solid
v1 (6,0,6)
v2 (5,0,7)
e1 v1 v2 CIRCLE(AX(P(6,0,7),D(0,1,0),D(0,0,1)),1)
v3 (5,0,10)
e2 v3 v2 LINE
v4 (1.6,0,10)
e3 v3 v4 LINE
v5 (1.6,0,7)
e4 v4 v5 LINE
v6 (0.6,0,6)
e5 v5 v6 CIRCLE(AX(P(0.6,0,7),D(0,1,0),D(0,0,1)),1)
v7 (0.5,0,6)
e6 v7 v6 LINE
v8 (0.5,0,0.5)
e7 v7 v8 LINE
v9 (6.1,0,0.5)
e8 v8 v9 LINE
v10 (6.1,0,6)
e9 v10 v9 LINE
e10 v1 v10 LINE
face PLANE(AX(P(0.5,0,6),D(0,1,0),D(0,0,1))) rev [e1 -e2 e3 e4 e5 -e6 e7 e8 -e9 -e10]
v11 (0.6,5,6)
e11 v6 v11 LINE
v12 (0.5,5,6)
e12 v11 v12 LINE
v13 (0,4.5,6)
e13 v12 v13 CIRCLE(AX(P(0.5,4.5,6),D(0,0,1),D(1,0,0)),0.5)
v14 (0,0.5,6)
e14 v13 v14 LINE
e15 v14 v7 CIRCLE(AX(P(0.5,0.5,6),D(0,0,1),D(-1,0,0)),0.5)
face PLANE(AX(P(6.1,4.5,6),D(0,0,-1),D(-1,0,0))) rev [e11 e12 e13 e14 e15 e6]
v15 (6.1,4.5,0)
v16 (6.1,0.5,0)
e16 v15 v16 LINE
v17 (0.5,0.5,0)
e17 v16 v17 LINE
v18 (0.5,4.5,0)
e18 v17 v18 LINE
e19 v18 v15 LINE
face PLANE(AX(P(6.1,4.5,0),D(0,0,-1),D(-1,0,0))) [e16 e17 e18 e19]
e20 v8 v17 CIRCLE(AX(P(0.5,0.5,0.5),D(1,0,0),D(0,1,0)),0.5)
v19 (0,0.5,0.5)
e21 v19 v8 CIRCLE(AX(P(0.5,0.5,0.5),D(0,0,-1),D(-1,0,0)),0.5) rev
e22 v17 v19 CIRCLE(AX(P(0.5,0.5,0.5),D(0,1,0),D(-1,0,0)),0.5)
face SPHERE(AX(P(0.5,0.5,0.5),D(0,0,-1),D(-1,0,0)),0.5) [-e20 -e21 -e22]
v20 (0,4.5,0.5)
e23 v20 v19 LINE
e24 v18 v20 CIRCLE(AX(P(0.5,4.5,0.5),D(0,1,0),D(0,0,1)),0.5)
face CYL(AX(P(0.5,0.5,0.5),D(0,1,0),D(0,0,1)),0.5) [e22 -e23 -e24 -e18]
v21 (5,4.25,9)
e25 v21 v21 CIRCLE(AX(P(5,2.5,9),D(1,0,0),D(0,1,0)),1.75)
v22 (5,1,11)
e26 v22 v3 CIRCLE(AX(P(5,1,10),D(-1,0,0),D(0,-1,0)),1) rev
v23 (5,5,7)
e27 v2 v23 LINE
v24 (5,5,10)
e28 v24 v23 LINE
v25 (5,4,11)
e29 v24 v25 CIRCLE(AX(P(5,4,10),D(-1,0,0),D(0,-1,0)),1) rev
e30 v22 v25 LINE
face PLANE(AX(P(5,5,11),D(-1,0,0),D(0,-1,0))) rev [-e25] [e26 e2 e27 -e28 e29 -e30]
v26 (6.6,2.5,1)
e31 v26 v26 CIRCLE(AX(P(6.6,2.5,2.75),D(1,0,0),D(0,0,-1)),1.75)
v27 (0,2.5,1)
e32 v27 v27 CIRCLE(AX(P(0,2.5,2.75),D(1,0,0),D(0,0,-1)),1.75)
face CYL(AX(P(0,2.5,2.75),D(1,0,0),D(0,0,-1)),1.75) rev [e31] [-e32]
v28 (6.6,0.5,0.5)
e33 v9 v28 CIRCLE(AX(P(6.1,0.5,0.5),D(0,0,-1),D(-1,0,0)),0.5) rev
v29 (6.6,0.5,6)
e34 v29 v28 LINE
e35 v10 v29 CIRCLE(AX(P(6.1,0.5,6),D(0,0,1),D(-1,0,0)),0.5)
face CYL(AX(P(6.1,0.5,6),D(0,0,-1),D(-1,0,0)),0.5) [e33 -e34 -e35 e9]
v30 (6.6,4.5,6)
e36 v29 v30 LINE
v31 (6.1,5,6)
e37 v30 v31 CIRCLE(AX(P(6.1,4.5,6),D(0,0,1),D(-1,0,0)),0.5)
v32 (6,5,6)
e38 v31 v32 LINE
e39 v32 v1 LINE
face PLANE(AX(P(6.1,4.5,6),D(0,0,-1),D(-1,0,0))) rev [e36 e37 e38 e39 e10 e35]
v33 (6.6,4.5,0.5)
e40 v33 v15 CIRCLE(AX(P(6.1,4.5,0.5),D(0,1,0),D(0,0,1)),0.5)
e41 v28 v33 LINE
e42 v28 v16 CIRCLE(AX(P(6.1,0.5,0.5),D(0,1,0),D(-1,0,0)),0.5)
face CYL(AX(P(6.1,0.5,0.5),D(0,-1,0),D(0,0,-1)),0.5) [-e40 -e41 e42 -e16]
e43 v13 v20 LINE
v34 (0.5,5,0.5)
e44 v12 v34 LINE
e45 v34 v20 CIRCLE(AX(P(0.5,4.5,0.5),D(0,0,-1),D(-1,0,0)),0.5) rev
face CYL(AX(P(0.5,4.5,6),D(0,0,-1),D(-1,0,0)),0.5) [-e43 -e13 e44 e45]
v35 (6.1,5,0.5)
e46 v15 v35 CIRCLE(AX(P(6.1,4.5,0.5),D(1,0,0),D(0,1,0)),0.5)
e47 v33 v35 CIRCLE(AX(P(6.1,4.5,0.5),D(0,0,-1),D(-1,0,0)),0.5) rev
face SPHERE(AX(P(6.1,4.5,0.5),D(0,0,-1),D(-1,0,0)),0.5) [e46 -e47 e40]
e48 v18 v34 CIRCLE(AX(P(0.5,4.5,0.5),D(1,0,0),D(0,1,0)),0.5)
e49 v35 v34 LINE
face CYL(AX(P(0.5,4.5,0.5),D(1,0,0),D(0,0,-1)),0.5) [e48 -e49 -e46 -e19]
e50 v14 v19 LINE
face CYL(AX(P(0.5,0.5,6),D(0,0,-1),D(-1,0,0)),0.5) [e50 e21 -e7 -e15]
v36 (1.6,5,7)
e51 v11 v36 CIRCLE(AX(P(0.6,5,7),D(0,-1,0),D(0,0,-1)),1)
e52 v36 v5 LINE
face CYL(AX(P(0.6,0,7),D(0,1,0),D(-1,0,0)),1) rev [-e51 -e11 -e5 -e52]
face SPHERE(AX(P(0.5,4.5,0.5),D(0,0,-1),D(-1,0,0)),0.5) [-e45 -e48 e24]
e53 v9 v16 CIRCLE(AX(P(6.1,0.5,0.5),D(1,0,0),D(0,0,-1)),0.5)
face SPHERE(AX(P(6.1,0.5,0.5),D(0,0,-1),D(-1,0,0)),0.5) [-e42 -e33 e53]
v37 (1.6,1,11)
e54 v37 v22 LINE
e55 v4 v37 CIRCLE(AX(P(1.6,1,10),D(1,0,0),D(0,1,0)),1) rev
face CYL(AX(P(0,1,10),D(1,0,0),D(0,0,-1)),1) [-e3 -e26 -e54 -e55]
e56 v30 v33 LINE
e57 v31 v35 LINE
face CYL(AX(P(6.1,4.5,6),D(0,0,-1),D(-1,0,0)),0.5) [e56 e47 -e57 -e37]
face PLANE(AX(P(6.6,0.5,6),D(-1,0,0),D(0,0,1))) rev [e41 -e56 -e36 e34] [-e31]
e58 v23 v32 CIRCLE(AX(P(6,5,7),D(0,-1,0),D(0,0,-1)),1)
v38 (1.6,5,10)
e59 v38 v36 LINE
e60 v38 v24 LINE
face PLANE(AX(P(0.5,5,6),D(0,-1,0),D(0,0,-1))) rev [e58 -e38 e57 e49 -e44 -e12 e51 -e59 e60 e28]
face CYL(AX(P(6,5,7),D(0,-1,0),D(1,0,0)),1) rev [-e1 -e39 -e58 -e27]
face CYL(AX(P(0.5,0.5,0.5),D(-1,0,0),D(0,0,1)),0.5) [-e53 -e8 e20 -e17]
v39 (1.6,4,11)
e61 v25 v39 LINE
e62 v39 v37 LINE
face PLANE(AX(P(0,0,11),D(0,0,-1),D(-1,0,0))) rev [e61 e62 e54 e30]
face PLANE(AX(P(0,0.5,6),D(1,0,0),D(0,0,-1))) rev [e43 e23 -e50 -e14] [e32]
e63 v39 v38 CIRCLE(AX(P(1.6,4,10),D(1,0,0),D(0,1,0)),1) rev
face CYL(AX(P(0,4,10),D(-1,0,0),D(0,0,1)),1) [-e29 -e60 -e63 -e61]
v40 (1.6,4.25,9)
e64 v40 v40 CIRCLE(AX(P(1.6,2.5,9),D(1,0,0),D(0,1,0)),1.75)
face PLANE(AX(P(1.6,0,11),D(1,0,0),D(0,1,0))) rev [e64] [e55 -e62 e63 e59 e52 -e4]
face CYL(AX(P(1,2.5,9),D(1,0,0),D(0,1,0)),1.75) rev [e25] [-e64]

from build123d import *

# Parameters (mm, degrees)
BOSS_EXTRUDE1_DEPTH = 6
SKETCH2_R           = 1.75
CUT_EXTRUDE1_DEPTH  = 6.6
FILLET1_R           = 0.5
SKETCH3_W           = 3.4
SKETCH3_H           = 5
BOSS_EXTRUDE2_DEPTH = 5
FILLET2_R           = 1
SKETCH5_R           = 1.75
CUT_EXTRUDE2_DEPTH  = 4
FILLET3_R           = 1


with BuildPart() as part:
    # Sketch1 → Boss-Extrude1 (new body)
    with BuildSketch(Plane.XY):
        with BuildLine():
            Line((0.5, 0), (6.1, 0))
            ThreePointArc((6.1, 0), (6.453553391, 0.146446609), (6.6, 0.5))
            Line((6.6, 0.5), (6.6, 4.5))
            ThreePointArc((6.6, 4.5), (6.453553391, 4.853553391), (6.1, 5))
            Line((6.1, 5), (0.5, 5))
            ThreePointArc((0.5, 5), (0.146446609, 4.853553391), (0, 4.5))
            Line((0, 4.5), (0, 0.5))
            ThreePointArc((0, 0.5), (0.146446609, 0.146446609), (0.5, 0))
        make_face()
    extrude(amount=BOSS_EXTRUDE1_DEPTH)

    # Sketch2 → Cut-Extrude1 (cut)
    with BuildSketch(Plane(origin=(6.6, 0, 0), x_dir=(0, 0, -1), z_dir=(1, 0, 0))):
        with Locations((-2.75, 2.5)):
            Circle(SKETCH2_R)
    extrude(amount=-CUT_EXTRUDE1_DEPTH, mode=Mode.SUBTRACT)

    # Fillet1
    fillet1_edges = [part.edges().sort_by_distance(p)[0] for p in [
        (0, 2.5, 0),
        (0.146446609, 4.853553391, 0),
        (3.3, 5, 0),
        (6.453553391, 4.853553391, 0),
        (6.6, 2.5, 0),
        (6.453553391, 0.146446609, 0),
        (3.3, 0, 0),
        (0.146446609, 0.146446609, 0),
    ]]
    fillet(fillet1_edges, radius=FILLET1_R)

    # Sketch3 → Boss-Extrude2 (add)
    with BuildSketch(Plane.XY.offset(6)):
        with Locations((3.3, 2.5)):
            Rectangle(SKETCH3_W, SKETCH3_H)
    extrude(amount=BOSS_EXTRUDE2_DEPTH)

    # Fillet2
    fillet2_edges = [part.edges().sort_by_distance(p)[0] for p in [
        (1.6, 2.5, 6),
        (5, 2.5, 6),
    ]]
    fillet(fillet2_edges, radius=FILLET2_R)

    # Sketch5 → Cut-Extrude2 (cut)
    with BuildSketch(Plane(origin=(5, 0, 0), x_dir=(0, 0, -1), z_dir=(1, 0, 0))):
        with Locations(Location((-9, 2.5, 0), (0, 0, 90))):
            Circle(SKETCH5_R)
    extrude(amount=-CUT_EXTRUDE2_DEPTH, mode=Mode.SUBTRACT)

    # Fillet3
    fillet3_edges = [part.edges().sort_by_distance(p)[0] for p in [
        (3.3, 5, 11),
        (3.3, 0, 11),
    ]]
    fillet(fillet3_edges, radius=FILLET3_R)


solid = part.part
